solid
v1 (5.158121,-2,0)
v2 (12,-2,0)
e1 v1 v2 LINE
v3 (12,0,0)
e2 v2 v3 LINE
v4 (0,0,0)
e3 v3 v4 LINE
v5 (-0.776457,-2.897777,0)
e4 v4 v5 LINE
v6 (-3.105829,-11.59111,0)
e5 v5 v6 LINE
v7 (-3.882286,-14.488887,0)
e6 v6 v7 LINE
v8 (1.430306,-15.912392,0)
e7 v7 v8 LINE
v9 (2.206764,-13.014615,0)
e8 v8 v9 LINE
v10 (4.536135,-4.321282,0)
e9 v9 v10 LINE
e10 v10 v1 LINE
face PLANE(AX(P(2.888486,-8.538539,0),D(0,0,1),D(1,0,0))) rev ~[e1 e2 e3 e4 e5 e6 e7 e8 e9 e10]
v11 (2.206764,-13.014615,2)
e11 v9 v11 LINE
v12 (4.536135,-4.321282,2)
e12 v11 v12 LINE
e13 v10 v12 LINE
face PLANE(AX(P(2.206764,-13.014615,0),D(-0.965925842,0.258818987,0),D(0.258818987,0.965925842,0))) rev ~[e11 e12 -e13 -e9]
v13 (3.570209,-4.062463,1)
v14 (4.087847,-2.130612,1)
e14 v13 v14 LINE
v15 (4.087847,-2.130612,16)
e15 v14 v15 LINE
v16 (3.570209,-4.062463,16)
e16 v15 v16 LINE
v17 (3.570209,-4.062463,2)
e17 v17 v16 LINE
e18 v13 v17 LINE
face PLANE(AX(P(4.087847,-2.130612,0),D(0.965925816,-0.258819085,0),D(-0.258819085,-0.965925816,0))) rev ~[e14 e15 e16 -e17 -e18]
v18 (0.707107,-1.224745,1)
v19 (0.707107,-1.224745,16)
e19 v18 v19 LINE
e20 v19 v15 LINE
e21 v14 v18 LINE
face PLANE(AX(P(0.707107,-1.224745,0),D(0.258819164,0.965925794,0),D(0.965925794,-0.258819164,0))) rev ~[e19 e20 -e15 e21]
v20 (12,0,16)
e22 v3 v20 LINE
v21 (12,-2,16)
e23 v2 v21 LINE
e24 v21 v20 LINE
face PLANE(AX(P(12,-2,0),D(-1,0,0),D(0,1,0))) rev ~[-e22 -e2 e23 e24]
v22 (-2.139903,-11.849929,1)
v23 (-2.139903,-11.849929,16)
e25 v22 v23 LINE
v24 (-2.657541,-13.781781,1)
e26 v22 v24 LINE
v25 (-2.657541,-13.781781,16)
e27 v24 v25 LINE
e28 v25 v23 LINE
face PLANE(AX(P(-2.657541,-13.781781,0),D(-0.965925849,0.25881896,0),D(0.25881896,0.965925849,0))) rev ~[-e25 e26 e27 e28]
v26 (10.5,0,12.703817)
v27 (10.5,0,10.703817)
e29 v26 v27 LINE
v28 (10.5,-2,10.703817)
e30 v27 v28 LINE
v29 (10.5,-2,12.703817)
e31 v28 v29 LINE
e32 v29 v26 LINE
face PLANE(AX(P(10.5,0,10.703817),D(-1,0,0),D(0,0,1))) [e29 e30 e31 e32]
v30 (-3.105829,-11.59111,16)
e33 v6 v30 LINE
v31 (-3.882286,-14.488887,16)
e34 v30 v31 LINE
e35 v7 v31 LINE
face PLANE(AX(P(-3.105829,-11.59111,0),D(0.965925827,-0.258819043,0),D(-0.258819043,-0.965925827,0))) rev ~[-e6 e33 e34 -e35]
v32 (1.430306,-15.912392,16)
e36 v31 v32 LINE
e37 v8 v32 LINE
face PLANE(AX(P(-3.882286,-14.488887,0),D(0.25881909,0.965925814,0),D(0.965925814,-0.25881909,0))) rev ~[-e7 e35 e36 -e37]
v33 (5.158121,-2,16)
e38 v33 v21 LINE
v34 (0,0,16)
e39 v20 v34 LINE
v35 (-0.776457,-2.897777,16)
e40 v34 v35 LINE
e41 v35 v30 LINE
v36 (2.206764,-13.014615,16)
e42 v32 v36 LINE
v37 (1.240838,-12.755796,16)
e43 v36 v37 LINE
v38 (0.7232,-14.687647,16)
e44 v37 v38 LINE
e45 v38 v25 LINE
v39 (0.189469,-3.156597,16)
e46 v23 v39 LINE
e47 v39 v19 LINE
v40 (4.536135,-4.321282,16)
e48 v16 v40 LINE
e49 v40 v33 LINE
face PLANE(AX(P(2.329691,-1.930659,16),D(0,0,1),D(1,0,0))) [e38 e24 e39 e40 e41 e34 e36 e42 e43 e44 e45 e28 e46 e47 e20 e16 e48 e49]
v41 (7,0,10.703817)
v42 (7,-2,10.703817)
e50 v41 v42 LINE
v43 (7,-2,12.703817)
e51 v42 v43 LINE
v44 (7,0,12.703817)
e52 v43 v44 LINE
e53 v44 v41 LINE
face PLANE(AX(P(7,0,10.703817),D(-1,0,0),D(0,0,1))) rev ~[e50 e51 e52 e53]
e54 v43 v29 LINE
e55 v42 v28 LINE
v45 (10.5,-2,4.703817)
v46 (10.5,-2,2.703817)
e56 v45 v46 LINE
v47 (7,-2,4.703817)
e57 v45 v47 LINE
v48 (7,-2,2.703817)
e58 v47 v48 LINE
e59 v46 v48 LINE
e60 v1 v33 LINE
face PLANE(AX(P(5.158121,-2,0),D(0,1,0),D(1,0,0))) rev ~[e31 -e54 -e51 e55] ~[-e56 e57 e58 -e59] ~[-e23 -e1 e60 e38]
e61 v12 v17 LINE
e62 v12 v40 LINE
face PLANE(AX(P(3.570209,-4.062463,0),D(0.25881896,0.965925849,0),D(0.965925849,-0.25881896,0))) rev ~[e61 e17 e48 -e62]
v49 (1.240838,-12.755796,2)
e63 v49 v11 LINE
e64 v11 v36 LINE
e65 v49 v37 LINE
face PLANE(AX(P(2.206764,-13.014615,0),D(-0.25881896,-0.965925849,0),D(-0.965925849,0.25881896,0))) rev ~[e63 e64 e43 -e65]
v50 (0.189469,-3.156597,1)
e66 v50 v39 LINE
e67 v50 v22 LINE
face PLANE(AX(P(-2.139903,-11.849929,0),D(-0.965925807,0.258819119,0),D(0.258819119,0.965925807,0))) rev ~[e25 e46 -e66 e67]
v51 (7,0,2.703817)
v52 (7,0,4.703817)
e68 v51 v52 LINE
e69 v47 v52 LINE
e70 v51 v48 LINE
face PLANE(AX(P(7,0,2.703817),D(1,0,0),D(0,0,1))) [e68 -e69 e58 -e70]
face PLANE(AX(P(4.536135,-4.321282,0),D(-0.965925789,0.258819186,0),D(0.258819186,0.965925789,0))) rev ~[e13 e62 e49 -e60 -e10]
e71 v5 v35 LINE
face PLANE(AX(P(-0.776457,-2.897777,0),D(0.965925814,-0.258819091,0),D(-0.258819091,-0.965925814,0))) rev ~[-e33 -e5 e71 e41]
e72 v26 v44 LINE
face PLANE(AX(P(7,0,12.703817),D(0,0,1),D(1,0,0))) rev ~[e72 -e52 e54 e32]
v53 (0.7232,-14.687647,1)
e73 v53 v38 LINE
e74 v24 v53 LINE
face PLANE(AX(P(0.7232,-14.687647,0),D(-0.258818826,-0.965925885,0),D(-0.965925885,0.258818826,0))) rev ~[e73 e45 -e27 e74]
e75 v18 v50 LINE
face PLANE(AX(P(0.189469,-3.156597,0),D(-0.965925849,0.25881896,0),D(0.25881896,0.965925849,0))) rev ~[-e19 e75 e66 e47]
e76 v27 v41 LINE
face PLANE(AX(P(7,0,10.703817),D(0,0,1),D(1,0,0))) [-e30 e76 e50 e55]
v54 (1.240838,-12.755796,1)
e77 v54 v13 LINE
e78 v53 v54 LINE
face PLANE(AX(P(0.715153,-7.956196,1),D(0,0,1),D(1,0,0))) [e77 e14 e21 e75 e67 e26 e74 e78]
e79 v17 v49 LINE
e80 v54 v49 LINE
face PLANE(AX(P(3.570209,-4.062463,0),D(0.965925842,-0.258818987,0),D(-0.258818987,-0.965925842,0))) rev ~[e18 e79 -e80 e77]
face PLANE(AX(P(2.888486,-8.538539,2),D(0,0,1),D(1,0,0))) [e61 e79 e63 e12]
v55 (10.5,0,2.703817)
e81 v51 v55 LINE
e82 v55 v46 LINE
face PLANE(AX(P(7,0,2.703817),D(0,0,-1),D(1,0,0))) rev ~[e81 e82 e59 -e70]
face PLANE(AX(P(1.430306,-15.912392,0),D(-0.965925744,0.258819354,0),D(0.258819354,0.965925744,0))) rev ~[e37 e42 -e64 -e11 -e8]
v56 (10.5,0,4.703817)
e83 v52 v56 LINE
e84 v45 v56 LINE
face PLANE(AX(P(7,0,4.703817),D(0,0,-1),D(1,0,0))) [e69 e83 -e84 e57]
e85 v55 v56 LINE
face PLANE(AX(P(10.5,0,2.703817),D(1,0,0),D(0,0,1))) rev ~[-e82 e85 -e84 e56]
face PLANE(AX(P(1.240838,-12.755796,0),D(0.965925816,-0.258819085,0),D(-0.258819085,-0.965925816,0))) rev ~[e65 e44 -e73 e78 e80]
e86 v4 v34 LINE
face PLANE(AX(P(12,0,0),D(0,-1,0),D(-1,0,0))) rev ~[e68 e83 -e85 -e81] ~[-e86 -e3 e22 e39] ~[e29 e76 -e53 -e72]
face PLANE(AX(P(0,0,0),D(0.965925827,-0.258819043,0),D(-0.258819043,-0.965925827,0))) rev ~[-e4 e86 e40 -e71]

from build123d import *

# Parameters (mm, degrees)
F1_DEPTH = 16
F2_DEPTH = 1
F3_DEPTH = 2
F4_W     = 3.5
F4_H     = 2
F5_DEPTH = 2.5


with BuildPart() as f1:
    # F0 (on Top) → F1 (new body)
    with BuildSketch(Plane.XY):
        Polygon((5.312592, -1.423505), (0, 0), (-0.776457, -2.897777), (0.189469, -3.156597), (0.707107, -1.224745), (4.087847, -2.130612), (3.570209, -4.062463), (4.536135, -4.321282), (5.158121, -2), align=None)
        Polygon((-2.139903, -11.849929), (-3.105829, -11.59111), (-3.882286, -14.488887), (1.430306, -15.912392), (2.206764, -13.014615), (1.240838, -12.755796), (0.7232, -14.687647), (-2.657541, -13.781781), align=None)
        Polygon((0.189469, -3.156597), (-0.776457, -2.897777), (-3.105829, -11.59111), (-2.139903, -11.849929), align=None)
        Polygon((12, 0), (0, 0), (5.312592, -1.423505), (5.158121, -2), (12, -2), align=None)
    extrude(amount=F1_DEPTH)

    # F0 (on Top) → F2 (join)
    with BuildSketch(Plane.XY):
        Polygon((0.707107, -1.224745), (0.189469, -3.156597), (-2.139903, -11.849929), (-2.657541, -13.781781), (0.7232, -14.687647), (1.240838, -12.755796), (3.570209, -4.062463), (4.087847, -2.130612), align=None)
    extrude(amount=F2_DEPTH)

    # F0 (on Top) → F3 (join)
    with BuildSketch(Plane.XY):
        Polygon((2.206764, -13.014615), (4.536135, -4.321282), (3.570209, -4.062463), (1.240838, -12.755796), align=None)
    extrude(amount=F3_DEPTH)


with BuildPart() as f5:
    # F4 (on Front) → F5 (new body, symmetric)
    with BuildSketch(Plane.XZ):
        with Locations((16.25, 11.703817)):
            Rectangle(F4_W, F4_H)
        with Locations((16.25, 3.703817)):
            Rectangle(F4_W, F4_H)
    extrude(amount=F5_DEPTH, both=True)


with BuildPart() as f5_1:
    # F6: moved
    add(f5.part.moved(Location((-7.5, 0, 0))))


with BuildPart() as f1_1:
    add(f1.part)

    # F7: cut F5
    add(f5_1.part, mode=Mode.SUBTRACT)


solid = f1_1.part
